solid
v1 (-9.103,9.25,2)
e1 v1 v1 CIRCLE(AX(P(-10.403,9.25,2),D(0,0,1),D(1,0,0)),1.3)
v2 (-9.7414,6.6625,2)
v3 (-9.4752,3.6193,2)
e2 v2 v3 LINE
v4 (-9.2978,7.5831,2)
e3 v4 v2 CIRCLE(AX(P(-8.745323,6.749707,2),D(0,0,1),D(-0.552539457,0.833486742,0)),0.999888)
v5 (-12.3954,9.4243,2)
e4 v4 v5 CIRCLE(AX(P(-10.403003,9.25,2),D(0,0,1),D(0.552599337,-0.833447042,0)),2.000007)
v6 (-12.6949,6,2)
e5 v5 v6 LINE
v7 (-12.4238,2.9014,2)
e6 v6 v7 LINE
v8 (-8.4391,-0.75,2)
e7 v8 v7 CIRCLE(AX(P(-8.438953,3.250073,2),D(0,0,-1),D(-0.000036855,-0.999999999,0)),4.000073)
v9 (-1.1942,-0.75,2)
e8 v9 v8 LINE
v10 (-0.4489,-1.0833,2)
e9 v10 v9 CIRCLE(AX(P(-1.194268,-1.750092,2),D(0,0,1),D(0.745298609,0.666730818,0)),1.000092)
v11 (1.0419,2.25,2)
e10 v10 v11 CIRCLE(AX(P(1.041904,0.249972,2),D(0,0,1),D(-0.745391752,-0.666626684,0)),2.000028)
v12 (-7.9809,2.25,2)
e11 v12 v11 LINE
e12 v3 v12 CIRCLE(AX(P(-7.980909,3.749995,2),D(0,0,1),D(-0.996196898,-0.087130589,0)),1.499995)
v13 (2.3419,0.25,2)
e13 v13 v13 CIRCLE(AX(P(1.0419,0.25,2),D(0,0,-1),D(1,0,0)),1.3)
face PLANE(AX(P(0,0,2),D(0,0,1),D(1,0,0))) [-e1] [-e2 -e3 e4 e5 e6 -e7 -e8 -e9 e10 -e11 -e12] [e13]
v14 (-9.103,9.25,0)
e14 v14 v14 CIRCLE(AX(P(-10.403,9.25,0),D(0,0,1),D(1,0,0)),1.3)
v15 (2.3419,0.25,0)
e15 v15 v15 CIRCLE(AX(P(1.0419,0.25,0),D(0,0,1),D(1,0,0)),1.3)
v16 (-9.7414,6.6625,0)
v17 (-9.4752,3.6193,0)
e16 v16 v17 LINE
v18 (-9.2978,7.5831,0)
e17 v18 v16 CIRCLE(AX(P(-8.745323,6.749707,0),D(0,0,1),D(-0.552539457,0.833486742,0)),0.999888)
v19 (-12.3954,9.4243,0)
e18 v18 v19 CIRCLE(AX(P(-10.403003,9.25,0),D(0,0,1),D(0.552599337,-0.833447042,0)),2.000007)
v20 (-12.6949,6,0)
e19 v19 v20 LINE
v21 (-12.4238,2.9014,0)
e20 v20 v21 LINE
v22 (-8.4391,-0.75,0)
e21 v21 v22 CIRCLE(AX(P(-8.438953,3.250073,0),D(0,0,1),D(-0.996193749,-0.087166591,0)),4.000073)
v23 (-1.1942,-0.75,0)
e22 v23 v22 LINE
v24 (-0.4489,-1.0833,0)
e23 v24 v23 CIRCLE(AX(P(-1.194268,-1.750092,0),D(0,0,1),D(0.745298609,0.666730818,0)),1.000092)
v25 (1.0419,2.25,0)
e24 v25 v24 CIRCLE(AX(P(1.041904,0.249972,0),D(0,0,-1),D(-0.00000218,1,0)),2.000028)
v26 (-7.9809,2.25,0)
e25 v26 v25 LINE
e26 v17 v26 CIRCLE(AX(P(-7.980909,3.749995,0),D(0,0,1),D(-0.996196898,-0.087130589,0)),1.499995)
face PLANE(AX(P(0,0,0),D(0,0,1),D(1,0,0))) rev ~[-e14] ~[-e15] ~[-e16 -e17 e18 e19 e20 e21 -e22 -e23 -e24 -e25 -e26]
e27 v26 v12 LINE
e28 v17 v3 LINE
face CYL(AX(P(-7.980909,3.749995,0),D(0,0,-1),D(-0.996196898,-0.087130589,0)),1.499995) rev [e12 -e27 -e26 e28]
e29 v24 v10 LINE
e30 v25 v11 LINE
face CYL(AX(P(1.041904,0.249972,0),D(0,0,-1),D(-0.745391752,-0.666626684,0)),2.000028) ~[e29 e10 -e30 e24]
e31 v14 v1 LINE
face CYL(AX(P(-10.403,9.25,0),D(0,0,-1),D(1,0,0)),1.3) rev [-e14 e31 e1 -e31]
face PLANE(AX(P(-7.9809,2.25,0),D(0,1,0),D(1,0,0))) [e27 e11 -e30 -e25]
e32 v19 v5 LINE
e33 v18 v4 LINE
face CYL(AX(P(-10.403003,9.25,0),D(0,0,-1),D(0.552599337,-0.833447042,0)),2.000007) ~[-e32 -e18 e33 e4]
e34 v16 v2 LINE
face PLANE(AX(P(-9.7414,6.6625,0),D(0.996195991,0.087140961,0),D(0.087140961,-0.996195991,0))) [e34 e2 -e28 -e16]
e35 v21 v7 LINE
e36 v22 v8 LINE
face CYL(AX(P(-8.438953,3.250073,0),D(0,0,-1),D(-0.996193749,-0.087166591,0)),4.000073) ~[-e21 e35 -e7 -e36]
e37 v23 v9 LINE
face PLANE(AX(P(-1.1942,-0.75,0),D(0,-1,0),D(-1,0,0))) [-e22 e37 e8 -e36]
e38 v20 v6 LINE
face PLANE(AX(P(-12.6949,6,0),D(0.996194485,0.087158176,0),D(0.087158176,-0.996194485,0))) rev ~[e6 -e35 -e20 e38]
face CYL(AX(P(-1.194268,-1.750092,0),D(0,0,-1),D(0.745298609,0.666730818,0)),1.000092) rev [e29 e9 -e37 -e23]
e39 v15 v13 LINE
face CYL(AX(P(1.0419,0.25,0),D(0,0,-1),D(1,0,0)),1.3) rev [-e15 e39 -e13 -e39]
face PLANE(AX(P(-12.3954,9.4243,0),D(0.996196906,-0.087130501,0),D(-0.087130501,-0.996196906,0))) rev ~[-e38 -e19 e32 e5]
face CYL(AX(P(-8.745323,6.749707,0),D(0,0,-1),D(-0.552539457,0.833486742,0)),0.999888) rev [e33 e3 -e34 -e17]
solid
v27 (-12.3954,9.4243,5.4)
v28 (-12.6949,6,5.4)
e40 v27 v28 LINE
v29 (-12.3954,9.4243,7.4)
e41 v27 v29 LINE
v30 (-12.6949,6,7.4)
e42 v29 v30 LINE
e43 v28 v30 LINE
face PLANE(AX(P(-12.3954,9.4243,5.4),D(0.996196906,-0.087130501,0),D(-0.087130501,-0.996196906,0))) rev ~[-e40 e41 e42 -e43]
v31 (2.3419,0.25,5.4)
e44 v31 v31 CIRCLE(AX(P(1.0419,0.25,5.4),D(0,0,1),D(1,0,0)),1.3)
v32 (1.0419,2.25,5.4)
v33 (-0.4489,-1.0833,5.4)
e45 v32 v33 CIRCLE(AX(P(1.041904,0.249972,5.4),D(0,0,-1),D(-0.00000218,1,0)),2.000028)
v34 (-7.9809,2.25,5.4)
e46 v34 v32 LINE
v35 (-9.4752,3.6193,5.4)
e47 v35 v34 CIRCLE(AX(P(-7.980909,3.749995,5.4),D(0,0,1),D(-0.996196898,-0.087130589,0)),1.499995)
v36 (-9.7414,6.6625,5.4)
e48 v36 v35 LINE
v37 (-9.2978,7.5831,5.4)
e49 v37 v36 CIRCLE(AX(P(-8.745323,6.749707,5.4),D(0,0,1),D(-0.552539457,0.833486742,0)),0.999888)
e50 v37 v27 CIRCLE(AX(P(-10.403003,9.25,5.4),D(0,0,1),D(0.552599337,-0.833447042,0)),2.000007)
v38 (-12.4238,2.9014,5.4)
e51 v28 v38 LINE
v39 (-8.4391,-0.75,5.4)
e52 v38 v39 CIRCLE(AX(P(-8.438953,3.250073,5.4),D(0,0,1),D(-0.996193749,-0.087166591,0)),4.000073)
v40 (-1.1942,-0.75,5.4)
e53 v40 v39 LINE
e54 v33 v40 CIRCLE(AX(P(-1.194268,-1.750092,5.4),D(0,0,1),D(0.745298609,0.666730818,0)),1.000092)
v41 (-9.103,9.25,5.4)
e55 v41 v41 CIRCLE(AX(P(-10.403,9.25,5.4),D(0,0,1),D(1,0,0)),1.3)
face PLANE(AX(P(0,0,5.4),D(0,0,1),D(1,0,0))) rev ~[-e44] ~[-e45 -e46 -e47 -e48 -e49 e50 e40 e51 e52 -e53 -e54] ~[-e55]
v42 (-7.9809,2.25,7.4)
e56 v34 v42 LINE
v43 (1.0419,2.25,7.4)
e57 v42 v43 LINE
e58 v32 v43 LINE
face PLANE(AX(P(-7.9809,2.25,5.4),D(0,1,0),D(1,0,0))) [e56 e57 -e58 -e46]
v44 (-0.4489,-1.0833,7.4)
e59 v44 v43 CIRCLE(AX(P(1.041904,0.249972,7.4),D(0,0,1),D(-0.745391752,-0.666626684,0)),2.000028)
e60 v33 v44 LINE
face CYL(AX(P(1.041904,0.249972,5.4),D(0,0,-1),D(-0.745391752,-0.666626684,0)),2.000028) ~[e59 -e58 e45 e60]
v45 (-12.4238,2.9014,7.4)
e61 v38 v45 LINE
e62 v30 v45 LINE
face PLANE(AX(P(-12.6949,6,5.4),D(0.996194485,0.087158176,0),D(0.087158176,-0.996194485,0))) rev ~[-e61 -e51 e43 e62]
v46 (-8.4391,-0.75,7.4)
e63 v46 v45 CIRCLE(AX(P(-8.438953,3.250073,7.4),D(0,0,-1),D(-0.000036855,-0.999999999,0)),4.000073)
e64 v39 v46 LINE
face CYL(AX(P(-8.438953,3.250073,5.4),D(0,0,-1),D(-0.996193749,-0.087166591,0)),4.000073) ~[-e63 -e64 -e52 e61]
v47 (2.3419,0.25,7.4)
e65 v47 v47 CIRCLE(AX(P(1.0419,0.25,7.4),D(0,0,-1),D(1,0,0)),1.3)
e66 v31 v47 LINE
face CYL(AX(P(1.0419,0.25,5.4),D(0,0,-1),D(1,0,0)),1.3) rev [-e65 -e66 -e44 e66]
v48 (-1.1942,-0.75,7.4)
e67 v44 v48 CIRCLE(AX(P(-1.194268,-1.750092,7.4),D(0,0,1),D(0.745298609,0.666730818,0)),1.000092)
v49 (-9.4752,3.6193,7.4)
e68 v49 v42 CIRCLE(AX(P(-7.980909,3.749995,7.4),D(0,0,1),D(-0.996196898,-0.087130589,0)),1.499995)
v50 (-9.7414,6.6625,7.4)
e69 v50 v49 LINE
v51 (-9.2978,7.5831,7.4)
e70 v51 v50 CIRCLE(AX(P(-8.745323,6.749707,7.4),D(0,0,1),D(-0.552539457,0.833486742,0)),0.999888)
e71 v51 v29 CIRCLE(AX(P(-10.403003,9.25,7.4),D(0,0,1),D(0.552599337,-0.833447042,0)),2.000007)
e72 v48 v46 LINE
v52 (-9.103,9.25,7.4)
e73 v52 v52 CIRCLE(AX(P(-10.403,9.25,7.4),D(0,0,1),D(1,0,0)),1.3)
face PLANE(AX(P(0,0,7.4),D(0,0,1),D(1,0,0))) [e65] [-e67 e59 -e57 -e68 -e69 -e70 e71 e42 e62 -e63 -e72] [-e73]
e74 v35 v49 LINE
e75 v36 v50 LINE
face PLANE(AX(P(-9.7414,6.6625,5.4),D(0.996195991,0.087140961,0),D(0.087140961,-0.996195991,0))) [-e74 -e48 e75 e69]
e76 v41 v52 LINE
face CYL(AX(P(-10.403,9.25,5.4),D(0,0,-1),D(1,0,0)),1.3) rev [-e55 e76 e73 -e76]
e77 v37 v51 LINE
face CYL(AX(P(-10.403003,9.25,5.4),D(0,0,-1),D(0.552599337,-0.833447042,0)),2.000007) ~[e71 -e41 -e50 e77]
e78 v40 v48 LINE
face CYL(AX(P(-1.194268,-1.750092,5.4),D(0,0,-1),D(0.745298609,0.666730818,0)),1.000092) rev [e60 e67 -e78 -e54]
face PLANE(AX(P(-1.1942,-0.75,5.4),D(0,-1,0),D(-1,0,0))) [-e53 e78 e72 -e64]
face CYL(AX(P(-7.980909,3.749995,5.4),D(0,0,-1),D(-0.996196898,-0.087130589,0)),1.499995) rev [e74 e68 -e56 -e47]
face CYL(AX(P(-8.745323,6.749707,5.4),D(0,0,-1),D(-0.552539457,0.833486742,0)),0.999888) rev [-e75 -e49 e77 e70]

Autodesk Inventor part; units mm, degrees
ref_plane "YZ Plane" through (0, 0, 0) normal (1, 0, 0) x (0, 1, 0)
ref_plane "XZ Plane" through (0, 0, 0) normal (0, 1, 0) x (-1, 0, 0)
ref_plane "XY Plane" through (0, 0, 0) normal (0, 0, 1) x (1, 0, 0)
sketch "Sketch1" plane through (0, 0, 0) normal (0, 0, 1) x (1, 0, 0)
  line L0 (-16.4974, 0) -> (7.0477, 0) projected
  arc A0 (-9.2978, 7.5831) -> (-12.3954, 9.4243) centre (-10.403, 9.25) ccw
  arc A1 (-0.4489, -1.0833) -> (1.0419, 2.25) centre (1.0419, 0.25) ccw
  line L1 (-12.3954, 9.4243) -> (-12.6949, 6)
  line L2 (-12.6949, 6) -> (-12.4238, 2.9014)
  line L3 (-9.7414, 6.6625) -> (-9.4752, 3.6193)
  line L4 (-7.9809, 2.25) -> (1.0419, 2.25)
  line L5 (-1.1942, -0.75) -> (-8.4391, -0.75)
  arc A2 (-9.2978, 7.5831) -> (-9.7414, 6.6625) centre (-8.7452, 6.7496) ccw
  arc A3 (-9.4752, 3.6193) -> (-7.9809, 2.25) centre (-7.9809, 3.75) ccw
  arc A4 (-12.4238, 2.9014) -> (-8.4391, -0.75) centre (-8.4391, 3.25) ccw
  arc A5 (-0.4489, -1.0833) -> (-1.1942, -0.75) centre (-1.1942, -1.75) ccw
  circle A6 centre (-10.403, 9.25) radius 1.3
  circle A7 centre (1.0419, 0.25) radius 1.3
  line L6 (-10.403, 9.25) -> (1.0419, 0.25) construction
  point P0 (0, 0)
  dimension "d4" = 3
  dimension "d5" = 4
  dimension "d6" = 3
  dimension "d13" = 6
  dimension "d15" = 1
  dimension "d16" = 1.5
  dimension "d17" = 4
  dimension "d18" = 1
  dimension "d27" = 10
  dimension "d31" = 95
  dimension "d32" = 2.6
  dimension "d34" = 0.75
  dimension "d39" = 7
  dimension "d41" = 11.4448
extrude "Extrusion1" add sketch "Sketch1" along normal blind 2 contours A4 L2 L1 A0 A2 L3 A3 L4 A1 L0 A7 | L0 A7 A1 A5 L5 A4
pattern_linear "Rectangular Pattern1" count 2 spacing 5.4 along (0, 0, 1)
properties part number "D26 Linkages" material "Steel"
